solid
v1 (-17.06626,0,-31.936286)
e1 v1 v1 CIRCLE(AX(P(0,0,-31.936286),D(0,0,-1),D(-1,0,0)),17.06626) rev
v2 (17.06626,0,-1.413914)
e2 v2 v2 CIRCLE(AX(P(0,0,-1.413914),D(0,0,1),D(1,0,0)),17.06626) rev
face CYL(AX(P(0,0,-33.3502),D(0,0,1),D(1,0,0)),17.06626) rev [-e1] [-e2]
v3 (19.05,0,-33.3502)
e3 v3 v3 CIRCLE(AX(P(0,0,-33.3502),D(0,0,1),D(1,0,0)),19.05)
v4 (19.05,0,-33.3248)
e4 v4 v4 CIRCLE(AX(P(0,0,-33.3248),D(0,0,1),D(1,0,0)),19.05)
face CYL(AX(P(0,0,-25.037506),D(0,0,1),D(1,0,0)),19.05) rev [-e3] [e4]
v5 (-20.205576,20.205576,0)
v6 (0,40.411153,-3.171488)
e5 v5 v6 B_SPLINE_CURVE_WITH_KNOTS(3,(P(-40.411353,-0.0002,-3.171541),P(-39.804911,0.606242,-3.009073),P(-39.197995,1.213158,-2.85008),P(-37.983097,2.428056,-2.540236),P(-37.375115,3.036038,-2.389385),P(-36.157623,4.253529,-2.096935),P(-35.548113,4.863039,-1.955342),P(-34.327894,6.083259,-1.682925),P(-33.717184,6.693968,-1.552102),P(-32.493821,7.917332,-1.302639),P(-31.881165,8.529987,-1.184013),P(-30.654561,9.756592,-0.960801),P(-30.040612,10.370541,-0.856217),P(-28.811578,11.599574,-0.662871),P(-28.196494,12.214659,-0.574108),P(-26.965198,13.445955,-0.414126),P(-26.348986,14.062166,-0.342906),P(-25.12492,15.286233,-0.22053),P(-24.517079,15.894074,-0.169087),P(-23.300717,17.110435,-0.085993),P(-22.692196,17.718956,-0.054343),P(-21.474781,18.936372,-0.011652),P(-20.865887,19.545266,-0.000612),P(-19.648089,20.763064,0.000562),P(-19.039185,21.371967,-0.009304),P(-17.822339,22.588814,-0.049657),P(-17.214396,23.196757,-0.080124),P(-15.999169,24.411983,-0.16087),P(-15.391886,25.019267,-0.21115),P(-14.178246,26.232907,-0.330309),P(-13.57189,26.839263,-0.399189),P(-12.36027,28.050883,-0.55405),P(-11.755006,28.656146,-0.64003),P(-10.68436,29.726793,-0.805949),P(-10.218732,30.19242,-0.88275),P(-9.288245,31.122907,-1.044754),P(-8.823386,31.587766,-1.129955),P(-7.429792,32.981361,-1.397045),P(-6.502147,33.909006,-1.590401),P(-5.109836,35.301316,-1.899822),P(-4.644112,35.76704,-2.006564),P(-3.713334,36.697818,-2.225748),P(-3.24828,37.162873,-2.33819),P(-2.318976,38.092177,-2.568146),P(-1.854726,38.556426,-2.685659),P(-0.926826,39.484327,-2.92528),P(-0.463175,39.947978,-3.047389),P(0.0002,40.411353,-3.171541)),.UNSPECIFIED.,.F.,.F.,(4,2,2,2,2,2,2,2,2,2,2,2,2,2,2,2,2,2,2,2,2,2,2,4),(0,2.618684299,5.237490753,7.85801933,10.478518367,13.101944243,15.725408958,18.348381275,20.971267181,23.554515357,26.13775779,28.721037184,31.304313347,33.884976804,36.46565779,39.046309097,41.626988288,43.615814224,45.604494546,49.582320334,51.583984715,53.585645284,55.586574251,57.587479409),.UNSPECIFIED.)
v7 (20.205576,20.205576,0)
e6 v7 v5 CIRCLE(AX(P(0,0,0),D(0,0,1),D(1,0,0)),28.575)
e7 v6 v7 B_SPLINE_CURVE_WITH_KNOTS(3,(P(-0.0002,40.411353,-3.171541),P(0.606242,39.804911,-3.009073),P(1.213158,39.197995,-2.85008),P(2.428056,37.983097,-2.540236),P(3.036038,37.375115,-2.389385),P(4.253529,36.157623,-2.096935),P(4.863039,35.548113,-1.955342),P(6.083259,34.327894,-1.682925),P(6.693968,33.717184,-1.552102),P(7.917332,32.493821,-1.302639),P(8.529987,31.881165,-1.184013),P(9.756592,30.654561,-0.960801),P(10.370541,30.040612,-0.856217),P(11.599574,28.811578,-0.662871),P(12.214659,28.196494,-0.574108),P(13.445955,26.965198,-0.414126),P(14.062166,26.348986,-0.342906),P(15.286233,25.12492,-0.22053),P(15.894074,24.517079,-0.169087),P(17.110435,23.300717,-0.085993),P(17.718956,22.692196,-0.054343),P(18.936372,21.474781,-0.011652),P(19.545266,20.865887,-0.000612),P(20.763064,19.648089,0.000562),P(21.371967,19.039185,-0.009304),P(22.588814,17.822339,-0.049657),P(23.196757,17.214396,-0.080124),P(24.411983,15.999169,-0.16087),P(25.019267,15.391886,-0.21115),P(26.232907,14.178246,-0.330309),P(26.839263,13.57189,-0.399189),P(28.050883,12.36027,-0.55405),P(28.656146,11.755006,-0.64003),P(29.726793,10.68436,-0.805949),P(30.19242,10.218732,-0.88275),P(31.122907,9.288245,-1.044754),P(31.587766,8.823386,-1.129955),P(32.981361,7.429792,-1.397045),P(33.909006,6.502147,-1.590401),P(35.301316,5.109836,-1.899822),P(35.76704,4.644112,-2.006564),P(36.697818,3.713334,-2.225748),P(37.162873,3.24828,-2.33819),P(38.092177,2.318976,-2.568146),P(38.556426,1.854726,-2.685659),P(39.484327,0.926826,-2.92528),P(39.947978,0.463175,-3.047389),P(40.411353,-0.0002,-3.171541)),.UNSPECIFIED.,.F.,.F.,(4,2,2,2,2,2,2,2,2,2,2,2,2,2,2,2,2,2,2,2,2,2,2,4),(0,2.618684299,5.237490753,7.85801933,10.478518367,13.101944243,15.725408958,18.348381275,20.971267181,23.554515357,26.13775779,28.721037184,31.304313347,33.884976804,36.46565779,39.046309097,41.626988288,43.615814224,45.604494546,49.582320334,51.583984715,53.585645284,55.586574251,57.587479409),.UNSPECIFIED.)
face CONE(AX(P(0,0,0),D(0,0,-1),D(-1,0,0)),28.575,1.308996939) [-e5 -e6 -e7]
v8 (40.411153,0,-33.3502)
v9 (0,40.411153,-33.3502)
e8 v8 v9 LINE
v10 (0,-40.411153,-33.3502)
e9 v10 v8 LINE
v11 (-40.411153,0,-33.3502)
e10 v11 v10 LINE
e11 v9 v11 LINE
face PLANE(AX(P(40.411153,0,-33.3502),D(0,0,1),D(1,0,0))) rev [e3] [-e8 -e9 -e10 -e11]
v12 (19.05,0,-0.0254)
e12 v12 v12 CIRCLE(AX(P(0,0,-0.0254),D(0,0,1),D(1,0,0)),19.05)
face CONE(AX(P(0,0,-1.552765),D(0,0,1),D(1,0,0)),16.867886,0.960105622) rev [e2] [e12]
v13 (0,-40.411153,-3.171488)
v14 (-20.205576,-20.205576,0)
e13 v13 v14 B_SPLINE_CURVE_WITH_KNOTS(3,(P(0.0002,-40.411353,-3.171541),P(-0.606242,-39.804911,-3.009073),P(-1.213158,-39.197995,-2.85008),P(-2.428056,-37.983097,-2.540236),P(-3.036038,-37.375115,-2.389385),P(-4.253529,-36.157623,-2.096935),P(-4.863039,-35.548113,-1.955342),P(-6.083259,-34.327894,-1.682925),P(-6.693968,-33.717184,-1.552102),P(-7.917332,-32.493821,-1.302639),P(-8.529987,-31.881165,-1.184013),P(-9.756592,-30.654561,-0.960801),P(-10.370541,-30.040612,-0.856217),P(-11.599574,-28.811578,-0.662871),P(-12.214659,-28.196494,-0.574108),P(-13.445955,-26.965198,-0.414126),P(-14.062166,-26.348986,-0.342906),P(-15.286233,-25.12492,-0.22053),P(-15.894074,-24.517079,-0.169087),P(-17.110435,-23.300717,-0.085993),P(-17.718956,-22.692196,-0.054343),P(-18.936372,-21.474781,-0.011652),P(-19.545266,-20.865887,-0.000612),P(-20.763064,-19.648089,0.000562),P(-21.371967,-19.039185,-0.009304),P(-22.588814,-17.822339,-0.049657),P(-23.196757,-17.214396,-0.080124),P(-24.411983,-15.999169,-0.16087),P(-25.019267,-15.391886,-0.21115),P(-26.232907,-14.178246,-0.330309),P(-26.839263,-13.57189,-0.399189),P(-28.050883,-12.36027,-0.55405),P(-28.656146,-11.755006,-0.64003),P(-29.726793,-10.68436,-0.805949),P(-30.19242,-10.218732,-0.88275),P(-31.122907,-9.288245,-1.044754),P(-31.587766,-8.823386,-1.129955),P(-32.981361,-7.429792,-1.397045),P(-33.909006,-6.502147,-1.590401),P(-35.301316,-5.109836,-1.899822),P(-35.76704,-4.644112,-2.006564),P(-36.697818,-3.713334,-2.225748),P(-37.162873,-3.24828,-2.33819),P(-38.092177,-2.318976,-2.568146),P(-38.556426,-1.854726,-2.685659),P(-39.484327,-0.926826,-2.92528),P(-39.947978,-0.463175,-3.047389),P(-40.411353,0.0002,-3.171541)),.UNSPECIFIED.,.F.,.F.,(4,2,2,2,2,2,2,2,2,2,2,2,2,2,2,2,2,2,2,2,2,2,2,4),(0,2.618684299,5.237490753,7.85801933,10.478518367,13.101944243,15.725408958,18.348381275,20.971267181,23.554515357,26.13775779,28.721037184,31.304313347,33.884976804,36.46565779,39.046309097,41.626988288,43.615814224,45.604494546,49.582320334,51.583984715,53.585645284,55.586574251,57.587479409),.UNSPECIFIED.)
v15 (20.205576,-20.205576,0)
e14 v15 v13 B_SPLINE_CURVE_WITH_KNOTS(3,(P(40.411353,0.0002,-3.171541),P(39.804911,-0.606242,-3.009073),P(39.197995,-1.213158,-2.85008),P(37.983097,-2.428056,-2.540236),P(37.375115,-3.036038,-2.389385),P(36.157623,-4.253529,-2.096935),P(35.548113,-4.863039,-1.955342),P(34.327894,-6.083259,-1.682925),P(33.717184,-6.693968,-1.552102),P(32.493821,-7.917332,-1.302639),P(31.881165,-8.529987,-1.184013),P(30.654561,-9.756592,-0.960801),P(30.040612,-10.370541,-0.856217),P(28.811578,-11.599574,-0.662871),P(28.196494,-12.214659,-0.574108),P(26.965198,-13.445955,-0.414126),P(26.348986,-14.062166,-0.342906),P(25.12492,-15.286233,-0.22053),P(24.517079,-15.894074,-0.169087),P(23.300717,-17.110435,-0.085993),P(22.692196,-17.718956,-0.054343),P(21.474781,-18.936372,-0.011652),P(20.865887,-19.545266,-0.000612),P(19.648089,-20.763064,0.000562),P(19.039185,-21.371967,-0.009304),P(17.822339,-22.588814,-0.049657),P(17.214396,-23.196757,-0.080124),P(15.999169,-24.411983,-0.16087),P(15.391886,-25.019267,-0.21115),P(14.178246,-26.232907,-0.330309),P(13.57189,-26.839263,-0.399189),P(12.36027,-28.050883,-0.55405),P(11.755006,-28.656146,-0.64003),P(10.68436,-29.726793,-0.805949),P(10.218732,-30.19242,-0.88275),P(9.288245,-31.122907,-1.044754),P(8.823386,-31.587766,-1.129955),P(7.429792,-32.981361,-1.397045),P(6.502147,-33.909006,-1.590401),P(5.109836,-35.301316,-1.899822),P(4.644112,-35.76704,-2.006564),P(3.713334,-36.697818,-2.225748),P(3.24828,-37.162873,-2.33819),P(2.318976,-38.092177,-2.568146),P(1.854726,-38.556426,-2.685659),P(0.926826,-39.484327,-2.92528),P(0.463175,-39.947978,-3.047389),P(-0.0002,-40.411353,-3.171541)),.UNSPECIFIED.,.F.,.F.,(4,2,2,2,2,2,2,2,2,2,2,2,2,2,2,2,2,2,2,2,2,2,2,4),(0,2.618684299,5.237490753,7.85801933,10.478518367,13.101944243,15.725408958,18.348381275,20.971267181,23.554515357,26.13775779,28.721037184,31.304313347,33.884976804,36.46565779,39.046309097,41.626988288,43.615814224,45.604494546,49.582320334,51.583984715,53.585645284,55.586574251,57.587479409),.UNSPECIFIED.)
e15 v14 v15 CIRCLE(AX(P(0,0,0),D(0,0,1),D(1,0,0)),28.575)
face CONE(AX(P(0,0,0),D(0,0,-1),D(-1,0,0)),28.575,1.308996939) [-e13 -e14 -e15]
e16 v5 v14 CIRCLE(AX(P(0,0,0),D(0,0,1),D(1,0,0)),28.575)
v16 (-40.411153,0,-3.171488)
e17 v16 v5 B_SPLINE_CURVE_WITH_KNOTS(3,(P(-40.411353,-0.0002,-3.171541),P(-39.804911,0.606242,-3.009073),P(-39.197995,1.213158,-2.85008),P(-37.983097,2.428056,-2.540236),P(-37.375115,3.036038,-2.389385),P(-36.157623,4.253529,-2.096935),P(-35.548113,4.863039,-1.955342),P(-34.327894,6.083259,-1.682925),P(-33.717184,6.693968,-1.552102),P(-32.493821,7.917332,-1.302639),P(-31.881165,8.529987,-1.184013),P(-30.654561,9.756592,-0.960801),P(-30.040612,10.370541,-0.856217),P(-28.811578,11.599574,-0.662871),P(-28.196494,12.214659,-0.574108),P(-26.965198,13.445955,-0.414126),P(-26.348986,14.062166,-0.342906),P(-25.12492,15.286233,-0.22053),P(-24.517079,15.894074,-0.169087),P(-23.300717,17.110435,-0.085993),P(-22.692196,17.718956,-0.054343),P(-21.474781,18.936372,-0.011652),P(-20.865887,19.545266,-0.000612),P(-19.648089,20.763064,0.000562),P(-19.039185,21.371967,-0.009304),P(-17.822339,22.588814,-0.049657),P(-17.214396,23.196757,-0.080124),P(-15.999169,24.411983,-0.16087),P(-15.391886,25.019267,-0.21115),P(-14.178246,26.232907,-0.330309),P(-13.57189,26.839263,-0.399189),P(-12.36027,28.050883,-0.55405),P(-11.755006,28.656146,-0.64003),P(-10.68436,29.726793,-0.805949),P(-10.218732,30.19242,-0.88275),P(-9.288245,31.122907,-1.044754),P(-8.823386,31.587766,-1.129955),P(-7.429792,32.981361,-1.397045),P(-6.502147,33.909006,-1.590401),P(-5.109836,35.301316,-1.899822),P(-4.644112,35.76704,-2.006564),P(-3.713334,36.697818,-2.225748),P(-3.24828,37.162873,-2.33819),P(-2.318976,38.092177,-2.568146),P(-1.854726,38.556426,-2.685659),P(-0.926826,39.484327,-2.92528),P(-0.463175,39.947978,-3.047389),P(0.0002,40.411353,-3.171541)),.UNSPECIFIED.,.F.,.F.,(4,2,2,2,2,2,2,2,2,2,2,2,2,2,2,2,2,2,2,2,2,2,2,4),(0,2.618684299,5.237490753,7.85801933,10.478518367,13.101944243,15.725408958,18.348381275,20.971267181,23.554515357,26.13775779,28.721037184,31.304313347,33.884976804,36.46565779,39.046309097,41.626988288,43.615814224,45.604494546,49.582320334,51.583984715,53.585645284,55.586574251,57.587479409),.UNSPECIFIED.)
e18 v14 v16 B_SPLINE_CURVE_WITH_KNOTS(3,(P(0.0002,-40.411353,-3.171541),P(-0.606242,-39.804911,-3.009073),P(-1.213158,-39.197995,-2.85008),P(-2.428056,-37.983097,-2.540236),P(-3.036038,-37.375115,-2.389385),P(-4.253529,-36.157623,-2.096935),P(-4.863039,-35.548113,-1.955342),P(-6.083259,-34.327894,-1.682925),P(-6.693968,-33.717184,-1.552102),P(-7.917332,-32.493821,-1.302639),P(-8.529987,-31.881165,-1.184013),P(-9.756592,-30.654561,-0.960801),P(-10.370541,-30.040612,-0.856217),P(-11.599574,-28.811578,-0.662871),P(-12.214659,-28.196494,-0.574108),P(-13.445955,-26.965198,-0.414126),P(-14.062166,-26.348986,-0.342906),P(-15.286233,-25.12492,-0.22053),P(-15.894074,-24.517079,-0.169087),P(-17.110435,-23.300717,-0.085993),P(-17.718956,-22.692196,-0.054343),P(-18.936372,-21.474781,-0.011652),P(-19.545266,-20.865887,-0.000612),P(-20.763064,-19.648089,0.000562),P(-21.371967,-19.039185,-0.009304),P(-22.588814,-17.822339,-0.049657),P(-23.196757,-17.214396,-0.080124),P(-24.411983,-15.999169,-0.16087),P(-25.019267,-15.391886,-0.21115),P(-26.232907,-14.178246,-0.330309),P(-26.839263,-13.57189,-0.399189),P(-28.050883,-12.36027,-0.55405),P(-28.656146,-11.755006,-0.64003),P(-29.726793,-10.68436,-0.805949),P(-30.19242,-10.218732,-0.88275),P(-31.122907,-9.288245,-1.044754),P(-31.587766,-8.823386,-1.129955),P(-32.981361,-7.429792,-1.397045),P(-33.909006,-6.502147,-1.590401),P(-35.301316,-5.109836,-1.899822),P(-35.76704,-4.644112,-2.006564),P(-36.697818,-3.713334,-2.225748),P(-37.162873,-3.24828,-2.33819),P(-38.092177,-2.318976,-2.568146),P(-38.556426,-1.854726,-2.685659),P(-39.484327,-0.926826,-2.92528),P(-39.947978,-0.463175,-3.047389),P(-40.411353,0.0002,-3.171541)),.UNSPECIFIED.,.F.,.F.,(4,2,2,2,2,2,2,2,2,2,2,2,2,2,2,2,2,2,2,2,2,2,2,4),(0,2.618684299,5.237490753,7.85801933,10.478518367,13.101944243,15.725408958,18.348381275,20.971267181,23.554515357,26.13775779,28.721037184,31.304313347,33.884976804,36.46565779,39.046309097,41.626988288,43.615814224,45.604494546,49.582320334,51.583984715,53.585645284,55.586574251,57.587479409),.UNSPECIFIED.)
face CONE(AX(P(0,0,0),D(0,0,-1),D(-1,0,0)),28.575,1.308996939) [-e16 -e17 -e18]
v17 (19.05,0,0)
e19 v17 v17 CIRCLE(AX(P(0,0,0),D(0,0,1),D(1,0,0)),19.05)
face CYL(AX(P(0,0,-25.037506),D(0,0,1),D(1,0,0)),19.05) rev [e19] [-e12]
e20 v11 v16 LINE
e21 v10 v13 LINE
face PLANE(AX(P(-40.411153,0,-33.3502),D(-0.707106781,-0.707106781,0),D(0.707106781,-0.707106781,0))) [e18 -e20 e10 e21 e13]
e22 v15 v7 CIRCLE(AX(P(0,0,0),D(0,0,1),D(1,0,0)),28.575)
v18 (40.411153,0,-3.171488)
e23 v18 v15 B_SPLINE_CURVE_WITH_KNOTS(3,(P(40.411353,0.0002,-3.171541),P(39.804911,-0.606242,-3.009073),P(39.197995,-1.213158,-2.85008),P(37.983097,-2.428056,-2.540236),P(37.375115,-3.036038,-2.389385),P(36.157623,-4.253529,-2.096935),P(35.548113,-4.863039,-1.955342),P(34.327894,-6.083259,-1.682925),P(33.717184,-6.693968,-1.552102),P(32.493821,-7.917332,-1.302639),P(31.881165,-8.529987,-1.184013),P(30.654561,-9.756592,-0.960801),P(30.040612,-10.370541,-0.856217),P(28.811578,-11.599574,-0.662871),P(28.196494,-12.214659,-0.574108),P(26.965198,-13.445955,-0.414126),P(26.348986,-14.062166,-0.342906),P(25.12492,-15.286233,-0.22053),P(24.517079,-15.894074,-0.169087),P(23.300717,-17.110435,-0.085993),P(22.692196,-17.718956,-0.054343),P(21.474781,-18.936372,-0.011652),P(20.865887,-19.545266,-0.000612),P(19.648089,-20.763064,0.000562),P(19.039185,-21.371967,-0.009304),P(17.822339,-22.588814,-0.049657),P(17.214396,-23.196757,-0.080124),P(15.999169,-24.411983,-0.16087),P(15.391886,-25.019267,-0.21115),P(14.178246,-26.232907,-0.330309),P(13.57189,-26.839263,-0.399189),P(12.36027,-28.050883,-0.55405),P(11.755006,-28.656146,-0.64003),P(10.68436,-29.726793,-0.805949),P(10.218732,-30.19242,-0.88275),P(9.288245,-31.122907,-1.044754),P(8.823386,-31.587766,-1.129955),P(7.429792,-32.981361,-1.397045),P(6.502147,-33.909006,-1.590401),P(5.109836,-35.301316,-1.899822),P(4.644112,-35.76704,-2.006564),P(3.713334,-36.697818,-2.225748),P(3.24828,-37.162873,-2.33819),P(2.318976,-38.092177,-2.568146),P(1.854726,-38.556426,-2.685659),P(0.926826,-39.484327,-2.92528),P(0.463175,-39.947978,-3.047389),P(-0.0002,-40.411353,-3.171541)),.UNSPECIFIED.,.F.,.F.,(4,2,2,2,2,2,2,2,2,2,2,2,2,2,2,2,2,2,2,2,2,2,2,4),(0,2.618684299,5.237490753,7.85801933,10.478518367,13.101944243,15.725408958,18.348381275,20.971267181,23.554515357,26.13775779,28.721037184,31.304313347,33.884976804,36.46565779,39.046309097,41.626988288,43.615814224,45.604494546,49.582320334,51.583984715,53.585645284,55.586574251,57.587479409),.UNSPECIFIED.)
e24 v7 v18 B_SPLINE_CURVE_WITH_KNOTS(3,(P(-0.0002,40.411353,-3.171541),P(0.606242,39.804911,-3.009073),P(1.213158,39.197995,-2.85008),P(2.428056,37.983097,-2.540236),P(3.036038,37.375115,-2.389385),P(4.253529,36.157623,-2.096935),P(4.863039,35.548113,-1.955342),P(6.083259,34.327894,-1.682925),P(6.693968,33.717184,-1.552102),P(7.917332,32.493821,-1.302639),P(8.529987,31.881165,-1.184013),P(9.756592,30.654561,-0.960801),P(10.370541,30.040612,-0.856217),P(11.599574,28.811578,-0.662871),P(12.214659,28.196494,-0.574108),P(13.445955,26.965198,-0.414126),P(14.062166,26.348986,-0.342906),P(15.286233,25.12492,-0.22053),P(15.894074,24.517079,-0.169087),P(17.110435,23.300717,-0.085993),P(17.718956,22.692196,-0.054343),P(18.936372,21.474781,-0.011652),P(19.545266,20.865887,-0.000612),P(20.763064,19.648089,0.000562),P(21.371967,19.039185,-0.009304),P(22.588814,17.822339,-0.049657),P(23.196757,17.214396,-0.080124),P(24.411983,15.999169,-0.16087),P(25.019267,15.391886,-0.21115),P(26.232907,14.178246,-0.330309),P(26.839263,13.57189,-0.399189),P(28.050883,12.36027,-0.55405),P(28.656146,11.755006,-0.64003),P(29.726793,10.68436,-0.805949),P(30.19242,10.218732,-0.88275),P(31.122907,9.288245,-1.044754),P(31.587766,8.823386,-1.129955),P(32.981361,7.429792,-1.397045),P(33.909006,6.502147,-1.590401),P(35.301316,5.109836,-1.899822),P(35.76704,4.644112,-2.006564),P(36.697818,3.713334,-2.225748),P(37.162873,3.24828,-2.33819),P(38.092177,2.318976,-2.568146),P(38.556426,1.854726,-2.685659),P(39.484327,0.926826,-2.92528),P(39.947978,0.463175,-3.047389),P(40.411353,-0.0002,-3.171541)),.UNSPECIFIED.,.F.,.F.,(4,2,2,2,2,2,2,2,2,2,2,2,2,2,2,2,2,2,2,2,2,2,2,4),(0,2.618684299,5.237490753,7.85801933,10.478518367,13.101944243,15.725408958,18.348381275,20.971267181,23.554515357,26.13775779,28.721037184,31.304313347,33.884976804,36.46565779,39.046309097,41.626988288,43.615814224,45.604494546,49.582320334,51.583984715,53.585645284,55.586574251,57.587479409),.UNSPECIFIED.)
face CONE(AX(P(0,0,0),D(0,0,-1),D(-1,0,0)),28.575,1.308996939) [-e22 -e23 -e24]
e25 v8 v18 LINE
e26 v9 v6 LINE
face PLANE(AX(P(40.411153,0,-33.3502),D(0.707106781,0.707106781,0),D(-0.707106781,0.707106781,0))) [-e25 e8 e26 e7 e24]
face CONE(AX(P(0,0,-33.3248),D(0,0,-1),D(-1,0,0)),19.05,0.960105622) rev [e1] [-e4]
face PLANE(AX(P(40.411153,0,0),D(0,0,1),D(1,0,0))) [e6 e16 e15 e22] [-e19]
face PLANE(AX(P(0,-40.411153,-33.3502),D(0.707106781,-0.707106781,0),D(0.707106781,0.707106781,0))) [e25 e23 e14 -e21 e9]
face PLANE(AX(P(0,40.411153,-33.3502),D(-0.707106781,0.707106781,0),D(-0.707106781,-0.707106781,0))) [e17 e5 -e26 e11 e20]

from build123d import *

# Parameters (mm, degrees)
BASENUT_START = -33.3502
BASENUTSKE_R  = 17.06626
BASENUT_DEPTH = 33.3502


with BuildPart() as part:
    # BaseNutSke → BaseNut (new body)
    with BuildSketch(Plane.XY.offset(BASENUT_START)):
        Polygon((40.411152545, 0), (0, 40.411152545), (-40.411152545, 0), (0, -40.411152545), align=None)
        Circle(BASENUTSKE_R, mode=Mode.SUBTRACT)
    extrude(amount=BASENUT_DEPTH)

    # EndChamferSketch → EndChamfer (revolve, cut)
    with BuildSketch(Plane(origin=(0, 0, 0), x_dir=(0, 0, -1), z_dir=(1, 0, 0)), mode=Mode.PRIVATE) as endchamfer_sk:
        Polygon((33.3248, 19.05), (31.797434837, 16.867886), (33.3502, 16.867886), (33.3502, 19.05), align=None)
        Polygon((0, 19.05), (0.0254, 19.05), (1.552765163, 16.867886), (0, 16.867886), align=None)
    revolve(endchamfer_sk.sketch.rotate(Axis((0, 0, -25.037505729), (0, 0, -1)), 90), axis=Axis((0, 0, -25.037505729), (0, 0, -1)), mode=Mode.SUBTRACT)

    # Sketch2 → Single-Chamfer (revolve, cut)
    with BuildSketch(Plane(origin=(0, 0, 0), x_dir=(0, 0, -1), z_dir=(1, 0, 0))):
        Polygon((-12.7, 28.575), (0, 28.575), (6.57444226, 53.111152545), (-12.7, 53.111152545), align=None)
    revolve(axis=Axis((0, 0, 0), (0, 0, -1)), mode=Mode.SUBTRACT)


solid = part.part
